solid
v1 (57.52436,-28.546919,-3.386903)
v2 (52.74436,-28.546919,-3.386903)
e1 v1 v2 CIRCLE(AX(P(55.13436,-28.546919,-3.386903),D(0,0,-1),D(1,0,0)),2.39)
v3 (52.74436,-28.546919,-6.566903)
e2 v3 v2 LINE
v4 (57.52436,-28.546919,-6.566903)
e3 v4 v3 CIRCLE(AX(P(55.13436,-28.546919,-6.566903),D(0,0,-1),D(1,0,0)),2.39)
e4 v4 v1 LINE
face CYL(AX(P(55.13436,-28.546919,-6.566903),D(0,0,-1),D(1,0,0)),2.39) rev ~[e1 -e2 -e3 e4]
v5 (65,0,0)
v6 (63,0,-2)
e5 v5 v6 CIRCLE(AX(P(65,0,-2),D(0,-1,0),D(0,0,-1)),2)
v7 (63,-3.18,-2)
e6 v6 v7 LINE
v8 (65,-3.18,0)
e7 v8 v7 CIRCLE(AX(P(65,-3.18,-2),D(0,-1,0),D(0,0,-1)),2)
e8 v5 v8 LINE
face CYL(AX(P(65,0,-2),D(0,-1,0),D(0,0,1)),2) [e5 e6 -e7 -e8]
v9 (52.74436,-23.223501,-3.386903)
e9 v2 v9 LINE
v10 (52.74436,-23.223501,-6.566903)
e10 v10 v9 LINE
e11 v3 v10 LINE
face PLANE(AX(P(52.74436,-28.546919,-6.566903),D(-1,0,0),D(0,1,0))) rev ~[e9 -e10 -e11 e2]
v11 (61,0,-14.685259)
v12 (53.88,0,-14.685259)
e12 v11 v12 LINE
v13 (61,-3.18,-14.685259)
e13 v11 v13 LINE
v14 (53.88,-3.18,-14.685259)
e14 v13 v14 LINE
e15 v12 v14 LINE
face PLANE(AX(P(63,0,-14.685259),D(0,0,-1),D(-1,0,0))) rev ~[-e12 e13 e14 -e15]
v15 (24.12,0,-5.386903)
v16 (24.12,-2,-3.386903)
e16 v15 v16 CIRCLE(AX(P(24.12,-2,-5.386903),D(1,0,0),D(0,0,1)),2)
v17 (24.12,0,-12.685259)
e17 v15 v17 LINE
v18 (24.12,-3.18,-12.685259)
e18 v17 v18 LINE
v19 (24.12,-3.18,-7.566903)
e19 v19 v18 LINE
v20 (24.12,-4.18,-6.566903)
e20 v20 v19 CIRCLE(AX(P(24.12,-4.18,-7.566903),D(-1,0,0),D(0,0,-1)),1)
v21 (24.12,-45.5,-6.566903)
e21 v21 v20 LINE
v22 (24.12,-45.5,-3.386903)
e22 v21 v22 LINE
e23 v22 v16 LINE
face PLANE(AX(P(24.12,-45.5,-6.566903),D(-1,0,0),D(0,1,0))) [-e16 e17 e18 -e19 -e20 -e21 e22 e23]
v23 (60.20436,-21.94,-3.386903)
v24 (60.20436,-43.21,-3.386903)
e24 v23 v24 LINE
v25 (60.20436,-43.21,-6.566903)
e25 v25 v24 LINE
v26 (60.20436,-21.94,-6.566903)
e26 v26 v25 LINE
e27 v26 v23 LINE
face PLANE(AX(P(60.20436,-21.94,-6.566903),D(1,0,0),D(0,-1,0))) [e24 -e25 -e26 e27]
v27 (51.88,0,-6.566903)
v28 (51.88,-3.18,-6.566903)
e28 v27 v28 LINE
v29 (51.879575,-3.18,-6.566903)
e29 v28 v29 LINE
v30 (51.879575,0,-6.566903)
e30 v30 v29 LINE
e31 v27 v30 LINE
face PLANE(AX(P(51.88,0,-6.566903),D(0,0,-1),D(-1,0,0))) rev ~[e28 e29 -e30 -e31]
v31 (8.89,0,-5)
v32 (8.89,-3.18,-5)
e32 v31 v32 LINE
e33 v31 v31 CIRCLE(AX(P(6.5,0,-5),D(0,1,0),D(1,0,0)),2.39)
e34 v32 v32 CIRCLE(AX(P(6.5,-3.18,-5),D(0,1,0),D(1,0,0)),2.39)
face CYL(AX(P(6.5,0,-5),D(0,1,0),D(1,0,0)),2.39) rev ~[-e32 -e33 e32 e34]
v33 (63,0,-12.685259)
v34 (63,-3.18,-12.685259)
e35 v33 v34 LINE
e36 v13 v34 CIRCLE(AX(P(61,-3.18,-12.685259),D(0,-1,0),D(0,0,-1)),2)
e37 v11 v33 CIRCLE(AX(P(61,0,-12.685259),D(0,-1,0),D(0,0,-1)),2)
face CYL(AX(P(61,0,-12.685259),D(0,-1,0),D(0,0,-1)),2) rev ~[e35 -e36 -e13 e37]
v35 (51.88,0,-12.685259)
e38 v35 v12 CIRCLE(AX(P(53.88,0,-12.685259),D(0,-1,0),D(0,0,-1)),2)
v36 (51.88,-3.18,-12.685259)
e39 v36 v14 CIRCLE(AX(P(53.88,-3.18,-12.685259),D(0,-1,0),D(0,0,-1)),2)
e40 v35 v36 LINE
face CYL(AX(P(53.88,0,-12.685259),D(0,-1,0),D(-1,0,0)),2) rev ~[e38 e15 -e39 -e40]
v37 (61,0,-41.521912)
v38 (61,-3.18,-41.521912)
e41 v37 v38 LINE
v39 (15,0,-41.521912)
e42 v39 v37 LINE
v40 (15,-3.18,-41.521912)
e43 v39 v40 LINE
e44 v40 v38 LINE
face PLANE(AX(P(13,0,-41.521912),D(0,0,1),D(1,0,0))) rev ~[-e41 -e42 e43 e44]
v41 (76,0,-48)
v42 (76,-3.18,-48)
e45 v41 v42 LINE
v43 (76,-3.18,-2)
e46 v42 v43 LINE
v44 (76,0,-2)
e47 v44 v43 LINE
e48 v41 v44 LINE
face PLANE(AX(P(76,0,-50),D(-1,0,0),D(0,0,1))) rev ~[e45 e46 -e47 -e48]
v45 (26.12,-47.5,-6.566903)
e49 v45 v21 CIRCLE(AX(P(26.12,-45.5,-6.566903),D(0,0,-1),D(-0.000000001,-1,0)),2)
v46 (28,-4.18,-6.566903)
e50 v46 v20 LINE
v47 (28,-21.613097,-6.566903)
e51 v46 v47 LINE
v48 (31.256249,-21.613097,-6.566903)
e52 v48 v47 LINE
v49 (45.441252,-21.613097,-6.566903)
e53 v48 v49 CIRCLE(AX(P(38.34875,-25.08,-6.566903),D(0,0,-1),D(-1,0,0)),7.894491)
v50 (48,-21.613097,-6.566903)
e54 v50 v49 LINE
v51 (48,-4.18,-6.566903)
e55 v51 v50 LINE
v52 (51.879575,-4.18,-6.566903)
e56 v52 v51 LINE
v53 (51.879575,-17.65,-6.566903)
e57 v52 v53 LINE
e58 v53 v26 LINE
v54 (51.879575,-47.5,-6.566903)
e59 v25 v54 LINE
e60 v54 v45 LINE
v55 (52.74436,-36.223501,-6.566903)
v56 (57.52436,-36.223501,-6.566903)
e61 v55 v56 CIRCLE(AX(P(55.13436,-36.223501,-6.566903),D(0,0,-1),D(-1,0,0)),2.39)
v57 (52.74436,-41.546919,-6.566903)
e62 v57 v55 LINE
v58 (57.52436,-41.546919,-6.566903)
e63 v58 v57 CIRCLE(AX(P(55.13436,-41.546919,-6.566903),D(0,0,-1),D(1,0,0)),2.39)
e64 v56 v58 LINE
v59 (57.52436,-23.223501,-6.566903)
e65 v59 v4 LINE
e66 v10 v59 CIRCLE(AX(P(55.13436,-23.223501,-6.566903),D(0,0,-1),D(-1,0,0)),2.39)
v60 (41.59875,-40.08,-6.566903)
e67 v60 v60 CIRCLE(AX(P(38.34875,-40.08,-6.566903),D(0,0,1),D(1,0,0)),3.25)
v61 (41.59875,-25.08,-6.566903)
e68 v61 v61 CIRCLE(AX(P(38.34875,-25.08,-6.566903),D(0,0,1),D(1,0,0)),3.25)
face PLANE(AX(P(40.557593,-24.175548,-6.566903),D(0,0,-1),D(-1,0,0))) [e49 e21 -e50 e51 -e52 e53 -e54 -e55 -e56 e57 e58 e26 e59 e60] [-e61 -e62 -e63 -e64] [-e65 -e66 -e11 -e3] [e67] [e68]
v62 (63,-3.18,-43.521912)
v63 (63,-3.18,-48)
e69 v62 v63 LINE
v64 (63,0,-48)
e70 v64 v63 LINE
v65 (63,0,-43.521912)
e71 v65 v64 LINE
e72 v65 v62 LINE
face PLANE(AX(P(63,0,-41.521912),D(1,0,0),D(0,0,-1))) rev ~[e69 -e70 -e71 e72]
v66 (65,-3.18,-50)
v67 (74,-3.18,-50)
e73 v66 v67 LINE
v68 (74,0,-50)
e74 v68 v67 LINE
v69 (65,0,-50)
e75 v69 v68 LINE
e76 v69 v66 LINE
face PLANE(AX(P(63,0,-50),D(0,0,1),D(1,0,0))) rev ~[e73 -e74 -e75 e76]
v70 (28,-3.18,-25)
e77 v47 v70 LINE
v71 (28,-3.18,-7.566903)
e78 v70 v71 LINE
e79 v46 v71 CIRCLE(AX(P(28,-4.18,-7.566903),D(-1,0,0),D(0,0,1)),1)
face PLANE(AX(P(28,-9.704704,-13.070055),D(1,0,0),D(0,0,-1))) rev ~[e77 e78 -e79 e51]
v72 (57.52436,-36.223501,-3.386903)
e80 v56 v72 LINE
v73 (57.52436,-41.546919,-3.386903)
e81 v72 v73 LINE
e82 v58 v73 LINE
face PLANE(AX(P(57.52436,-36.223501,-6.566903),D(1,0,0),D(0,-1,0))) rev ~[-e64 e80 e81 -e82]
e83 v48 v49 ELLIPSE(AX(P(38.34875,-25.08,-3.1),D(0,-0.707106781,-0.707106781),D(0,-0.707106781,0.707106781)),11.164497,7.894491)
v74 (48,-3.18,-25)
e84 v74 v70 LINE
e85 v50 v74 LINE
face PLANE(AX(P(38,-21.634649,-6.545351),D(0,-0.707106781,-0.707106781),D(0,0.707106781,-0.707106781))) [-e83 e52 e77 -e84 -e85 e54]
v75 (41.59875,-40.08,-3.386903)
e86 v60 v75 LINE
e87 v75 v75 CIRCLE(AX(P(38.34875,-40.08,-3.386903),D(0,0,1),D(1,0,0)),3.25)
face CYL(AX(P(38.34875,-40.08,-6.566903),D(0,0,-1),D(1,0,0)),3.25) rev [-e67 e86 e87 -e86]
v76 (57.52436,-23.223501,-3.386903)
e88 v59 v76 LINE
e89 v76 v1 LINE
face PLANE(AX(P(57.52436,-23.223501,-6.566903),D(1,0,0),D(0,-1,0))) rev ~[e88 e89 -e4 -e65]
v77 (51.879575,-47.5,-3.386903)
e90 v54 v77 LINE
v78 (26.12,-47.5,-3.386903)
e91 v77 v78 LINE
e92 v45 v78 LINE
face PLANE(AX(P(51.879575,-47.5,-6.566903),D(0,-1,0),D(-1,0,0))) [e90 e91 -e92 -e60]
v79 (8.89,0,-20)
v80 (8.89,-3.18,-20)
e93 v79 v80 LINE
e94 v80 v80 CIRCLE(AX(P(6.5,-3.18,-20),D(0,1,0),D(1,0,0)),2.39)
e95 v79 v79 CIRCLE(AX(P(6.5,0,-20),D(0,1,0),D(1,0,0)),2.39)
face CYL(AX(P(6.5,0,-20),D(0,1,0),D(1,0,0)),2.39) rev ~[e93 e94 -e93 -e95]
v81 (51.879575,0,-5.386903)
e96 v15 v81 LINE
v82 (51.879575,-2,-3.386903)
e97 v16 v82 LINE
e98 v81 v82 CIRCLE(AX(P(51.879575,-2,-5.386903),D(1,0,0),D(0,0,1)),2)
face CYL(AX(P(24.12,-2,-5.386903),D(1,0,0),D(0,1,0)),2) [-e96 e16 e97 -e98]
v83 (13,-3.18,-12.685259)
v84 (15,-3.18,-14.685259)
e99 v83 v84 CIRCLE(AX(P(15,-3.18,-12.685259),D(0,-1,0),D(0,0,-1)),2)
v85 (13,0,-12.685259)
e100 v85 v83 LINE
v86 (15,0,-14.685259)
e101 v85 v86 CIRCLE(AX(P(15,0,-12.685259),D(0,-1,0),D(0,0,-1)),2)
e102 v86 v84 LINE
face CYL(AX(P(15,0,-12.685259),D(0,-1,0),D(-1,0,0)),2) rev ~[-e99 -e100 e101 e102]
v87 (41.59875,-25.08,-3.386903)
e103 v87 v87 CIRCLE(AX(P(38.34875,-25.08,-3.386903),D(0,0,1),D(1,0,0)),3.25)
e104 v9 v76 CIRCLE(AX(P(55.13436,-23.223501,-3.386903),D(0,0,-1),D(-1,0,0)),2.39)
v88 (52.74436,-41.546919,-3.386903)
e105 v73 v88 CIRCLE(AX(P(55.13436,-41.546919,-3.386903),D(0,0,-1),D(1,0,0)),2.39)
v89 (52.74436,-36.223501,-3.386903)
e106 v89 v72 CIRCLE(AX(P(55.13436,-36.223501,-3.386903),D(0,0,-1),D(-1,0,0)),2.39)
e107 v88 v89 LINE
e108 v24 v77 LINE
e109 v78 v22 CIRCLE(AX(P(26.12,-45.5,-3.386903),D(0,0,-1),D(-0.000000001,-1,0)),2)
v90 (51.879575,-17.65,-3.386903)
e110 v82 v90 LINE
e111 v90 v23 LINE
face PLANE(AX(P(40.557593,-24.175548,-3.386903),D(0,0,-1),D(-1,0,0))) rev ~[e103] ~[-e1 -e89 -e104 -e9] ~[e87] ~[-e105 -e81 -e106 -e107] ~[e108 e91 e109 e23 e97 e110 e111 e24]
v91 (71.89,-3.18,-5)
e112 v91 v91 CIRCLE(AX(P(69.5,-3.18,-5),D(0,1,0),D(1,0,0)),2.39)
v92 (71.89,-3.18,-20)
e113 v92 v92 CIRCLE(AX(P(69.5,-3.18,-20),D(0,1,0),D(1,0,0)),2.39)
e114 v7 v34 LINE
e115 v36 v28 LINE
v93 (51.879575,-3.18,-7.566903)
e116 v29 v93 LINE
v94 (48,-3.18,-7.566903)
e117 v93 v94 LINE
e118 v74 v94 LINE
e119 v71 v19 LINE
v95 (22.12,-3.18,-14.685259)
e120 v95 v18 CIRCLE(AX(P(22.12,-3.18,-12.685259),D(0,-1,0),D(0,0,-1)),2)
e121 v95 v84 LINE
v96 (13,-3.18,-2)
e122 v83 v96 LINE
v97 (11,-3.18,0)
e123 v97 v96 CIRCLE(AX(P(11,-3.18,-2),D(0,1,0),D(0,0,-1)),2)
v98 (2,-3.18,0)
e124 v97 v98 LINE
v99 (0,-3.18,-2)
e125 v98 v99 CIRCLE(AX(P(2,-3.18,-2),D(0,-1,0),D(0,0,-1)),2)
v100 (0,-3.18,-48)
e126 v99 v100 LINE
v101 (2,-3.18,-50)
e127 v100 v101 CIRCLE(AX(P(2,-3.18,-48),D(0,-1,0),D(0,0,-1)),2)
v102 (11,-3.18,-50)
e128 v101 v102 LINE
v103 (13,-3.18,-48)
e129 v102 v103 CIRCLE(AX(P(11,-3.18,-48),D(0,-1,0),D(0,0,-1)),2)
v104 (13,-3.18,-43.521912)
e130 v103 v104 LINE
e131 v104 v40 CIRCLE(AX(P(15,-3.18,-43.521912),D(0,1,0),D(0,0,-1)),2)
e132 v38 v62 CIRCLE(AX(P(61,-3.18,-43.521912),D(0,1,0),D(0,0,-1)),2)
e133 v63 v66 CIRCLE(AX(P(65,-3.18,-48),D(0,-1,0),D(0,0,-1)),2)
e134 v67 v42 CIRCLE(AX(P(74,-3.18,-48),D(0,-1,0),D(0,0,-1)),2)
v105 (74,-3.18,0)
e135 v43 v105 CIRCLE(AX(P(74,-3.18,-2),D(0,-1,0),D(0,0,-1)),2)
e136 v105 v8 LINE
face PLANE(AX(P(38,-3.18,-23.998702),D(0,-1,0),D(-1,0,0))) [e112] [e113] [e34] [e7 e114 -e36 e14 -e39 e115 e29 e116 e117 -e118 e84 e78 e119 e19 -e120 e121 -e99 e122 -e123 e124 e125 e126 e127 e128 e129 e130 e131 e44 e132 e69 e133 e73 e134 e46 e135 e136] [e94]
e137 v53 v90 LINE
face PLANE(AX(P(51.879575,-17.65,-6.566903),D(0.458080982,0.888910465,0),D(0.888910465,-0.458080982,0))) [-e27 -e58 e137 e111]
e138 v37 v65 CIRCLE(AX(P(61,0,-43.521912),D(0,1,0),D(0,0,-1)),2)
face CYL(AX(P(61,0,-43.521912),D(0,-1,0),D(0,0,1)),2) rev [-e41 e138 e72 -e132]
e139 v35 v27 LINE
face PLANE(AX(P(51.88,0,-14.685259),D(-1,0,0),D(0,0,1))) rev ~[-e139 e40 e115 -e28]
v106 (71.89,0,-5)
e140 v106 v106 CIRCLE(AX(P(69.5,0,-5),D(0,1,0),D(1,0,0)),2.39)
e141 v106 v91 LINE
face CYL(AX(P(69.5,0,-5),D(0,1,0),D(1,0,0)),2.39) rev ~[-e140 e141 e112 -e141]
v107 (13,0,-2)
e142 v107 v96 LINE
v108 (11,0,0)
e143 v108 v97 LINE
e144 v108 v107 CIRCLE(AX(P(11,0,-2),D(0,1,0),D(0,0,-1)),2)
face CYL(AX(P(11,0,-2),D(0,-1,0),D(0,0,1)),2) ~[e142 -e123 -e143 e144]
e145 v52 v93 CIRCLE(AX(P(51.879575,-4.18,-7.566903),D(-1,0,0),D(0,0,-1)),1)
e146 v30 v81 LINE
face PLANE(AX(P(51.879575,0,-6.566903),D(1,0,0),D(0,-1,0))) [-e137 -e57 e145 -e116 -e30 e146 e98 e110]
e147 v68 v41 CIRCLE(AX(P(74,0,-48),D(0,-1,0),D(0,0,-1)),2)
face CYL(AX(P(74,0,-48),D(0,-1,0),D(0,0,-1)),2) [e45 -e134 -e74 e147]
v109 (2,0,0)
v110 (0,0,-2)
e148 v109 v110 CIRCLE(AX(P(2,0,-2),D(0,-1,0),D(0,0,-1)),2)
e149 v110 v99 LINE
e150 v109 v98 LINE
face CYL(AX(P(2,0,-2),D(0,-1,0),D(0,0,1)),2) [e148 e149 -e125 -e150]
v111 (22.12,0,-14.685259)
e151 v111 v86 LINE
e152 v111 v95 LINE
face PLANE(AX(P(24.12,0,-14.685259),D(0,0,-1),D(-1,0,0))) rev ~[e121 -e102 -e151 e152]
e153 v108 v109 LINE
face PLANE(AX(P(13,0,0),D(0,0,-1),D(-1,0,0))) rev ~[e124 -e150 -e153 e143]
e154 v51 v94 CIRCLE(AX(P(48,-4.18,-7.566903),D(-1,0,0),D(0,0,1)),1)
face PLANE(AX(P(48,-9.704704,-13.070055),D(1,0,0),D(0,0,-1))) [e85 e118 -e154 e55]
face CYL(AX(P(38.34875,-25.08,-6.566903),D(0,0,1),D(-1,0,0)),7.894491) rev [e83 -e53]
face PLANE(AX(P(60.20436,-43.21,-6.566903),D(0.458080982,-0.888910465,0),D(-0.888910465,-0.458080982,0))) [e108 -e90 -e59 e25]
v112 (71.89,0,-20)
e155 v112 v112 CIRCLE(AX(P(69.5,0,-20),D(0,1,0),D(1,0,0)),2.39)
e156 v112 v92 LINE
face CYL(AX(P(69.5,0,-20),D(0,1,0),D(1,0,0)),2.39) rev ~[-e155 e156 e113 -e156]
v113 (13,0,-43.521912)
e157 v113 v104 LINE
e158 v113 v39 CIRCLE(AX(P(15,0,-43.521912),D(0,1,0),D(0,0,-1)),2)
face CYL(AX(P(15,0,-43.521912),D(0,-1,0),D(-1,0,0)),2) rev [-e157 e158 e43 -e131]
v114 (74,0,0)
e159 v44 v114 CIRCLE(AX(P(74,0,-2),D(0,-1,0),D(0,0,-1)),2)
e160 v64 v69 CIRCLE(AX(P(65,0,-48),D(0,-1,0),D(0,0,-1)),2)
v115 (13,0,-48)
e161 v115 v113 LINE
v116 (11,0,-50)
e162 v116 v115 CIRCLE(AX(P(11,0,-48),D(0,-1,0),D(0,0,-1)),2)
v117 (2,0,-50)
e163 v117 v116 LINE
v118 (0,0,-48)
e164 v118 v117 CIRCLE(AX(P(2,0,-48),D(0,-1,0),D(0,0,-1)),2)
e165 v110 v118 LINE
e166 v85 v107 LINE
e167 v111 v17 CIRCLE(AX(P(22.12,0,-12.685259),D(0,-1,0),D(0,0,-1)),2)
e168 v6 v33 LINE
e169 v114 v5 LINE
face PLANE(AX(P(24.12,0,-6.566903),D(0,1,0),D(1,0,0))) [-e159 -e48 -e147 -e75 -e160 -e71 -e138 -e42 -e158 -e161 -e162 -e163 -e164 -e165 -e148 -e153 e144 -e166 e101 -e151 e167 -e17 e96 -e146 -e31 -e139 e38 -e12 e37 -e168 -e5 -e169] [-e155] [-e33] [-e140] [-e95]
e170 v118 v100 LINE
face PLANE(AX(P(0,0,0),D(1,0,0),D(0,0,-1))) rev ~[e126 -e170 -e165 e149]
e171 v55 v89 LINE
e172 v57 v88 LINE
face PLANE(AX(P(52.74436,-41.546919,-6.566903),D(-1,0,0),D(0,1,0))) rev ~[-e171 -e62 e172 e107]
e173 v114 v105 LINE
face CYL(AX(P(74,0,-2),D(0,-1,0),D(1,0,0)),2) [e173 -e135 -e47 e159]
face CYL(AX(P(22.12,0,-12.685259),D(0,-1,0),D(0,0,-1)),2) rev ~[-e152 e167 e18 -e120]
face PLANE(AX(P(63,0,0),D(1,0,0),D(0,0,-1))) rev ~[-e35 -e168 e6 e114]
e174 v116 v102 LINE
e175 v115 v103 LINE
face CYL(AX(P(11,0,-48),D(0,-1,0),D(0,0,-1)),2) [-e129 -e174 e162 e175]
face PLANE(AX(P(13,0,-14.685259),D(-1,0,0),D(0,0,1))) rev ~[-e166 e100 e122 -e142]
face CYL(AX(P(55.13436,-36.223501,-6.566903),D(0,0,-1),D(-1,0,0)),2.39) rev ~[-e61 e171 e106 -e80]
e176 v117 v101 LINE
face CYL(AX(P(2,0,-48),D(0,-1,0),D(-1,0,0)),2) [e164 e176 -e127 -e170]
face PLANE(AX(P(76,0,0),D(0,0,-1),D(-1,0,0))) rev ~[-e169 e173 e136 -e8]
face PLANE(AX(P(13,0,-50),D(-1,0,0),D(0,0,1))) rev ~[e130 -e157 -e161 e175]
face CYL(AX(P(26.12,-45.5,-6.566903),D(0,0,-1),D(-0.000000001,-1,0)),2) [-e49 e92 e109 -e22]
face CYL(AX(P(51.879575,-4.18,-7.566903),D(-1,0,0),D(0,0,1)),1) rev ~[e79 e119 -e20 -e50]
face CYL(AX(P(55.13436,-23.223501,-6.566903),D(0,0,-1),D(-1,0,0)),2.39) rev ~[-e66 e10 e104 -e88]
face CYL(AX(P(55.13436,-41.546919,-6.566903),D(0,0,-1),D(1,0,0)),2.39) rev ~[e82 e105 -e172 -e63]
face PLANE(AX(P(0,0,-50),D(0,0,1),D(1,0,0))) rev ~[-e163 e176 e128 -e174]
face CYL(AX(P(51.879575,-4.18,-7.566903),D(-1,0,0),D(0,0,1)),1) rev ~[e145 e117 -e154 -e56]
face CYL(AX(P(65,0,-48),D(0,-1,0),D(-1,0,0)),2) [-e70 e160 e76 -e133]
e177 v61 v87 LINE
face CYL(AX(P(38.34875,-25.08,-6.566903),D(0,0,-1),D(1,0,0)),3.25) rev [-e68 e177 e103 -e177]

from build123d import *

# Parameters (mm, degrees)
BOSS_EXTRUDE2_DEPTH = 3.18
SKETCH8_R           = 3.25
BOSS_EXTRUDE3_DEPTH = 3.18
FILLET4_R           = 2
FILLET5_R           = 1
SKETCH9_R           = 2.39
CUT_EXTRUDE1_DEPTH  = 3.18
FILLET6_R           = 2
FILLET7_R           = 2
FILLET8_R           = 2
BOSS_EXTRUDE6_DEPTH = 10
SKETCH12_R          = 7.894491475
CUT_EXTRUDE2_DEPTH  = 20


with BuildPart() as part:
    # Sketch1 → Boss-Extrude2 (new body)
    with BuildSketch(Plane(origin=(0, 0, 0), x_dir=(1, 0, 0), z_dir=(0, 1, 0))):
        Polygon((0, 0), (0, 50), (13, 50), (13, 41.521912351), (63, 41.521912351), (63, 50), (76, 50), (76, 0), (63, 0), (63, 14.685258964), (51.88, 14.685258964), (51.88, 6.566903426), (24.12, 6.566903426), (24.12, 14.685258964), (13, 14.685258964), (13, 0), align=None)
    extrude(amount=-BOSS_EXTRUDE2_DEPTH)

    # Sketch8 → Boss-Extrude3 (add)
    with BuildSketch(Plane.XY.offset(-6.566903426)):
        with BuildLine():
            Line((24.12, -45.5), (24.12, -20.153398116))
            Line((24.12, -20.153398116), (24.12, 0))
            Line((24.12, 0), (51.879574545, 0))
            Line((51.879574545, 0), (51.879574545, -17.65))
            Line((51.879574545, -17.65), (60.204359999, -21.94))
            Line((60.204359999, -21.94), (60.204359999, -43.21))
            Line((60.204359999, -43.21), (51.879574545, -47.5))
            Line((51.879574545, -47.5), (26.12, -47.5))
            ThreePointArc((26.12, -47.5), (24.705786438, -46.914213562), (24.12, -45.5))
        make_face()
        with Locations((38.348750497, -25.08)):
            Circle(SKETCH8_R, mode=Mode.SUBTRACT)
        with Locations((38.348750497, -40.08)):
            Circle(SKETCH8_R, mode=Mode.SUBTRACT)
        with BuildLine():
            Line((57.524359999, -23.223501404), (57.524359999, -28.546918648))
            ThreePointArc((57.524359999, -28.546918648), (55.134359999, -30.936918648), (52.744359999, -28.546918648))
            Line((52.744359999, -28.546918648), (52.744359999, -23.223501404))
            ThreePointArc((52.744359999, -23.223501404), (55.134359999, -20.833501404), (57.524359999, -23.223501404))
        make_face(mode=Mode.SUBTRACT)
        with BuildLine():
            Line((57.524359999, -36.223501404), (57.524359999, -41.546918648))
            ThreePointArc((57.524359999, -41.546918648), (55.134359999, -43.936918648), (52.744359999, -41.546918648))
            Line((52.744359999, -41.546918648), (52.744359999, -36.223501404))
            ThreePointArc((52.744359999, -36.223501404), (55.134359999, -33.833501404), (57.524359999, -36.223501404))
        make_face(mode=Mode.SUBTRACT)
    extrude(amount=BOSS_EXTRUDE3_DEPTH)

    # Fillet4
    fillet4_edges = [part.edges().sort_by_distance(p)[0] for p in [
        (37.999787272, 0, -3.386903426),
    ]]
    fillet(fillet4_edges, radius=FILLET4_R)

    # Fillet5
    fillet5_edges = [part.edges().sort_by_distance(p)[0] for p in [
        (37.999787272, -3.18, -6.566903426),
    ]]
    fillet(fillet5_edges, radius=FILLET5_R)

    # Sketch9 → Cut-Extrude1 (cut)
    with BuildSketch(Plane(origin=(0, 0, 0), x_dir=(1, 0, 0), z_dir=(0, 1, 0))):
        with Locations((6.5, 5)):
            Circle(SKETCH9_R)
        with Locations((6.5, 20)):
            Circle(SKETCH9_R)
        with Locations((69.5, 20)):
            Circle(SKETCH9_R)
        with Locations((69.5, 5)):
            Circle(SKETCH9_R)
    extrude(amount=-CUT_EXTRUDE1_DEPTH, mode=Mode.SUBTRACT)

    # Fillet6
    fillet6_edges = [part.edges().sort_by_distance(p)[0] for p in [
        (0, -1.59, 0),
    ]]
    fillet(fillet6_edges, radius=FILLET6_R)

    # Fillet7
    fillet7_edges = [part.edges().sort_by_distance(p)[0] for p in [
        (13, -1.59, 0),
    ]]
    fillet(fillet7_edges, radius=FILLET7_R)

    # Fillet8
    fillet8_edges = [part.edges().sort_by_distance(p)[0] for p in [
        (0, -1.59, -50),
        (13, -1.59, -50),
        (13, -1.59, -41.521912351),
        (63, -1.59, -41.521912351),
        (63, -1.59, -50),
        (76, -1.59, -50),
        (76, -1.59, 0),
        (63, -1.59, 0),
        (63, -1.59, -14.685258964),
        (51.88, -1.59, -14.685258964),
        (24.12, -1.59, -14.685258964),
        (13, -1.59, -14.685258964),
    ]]
    fillet(fillet8_edges, radius=FILLET8_R)

    # Sketch11 → Boss-Extrude6 (add, symmetric)
    with BuildSketch(Plane(origin=(38, 0, 0), x_dir=(0, 0, -1), z_dir=(1, 0, 0))):
        Polygon((25, -3.18), (6.54535076, -3.18), (6.54535076, -21.63464924), align=None)
    extrude(amount=BOSS_EXTRUDE6_DEPTH, both=True)

    # Sketch12 → Cut-Extrude2 (cut)
    with BuildSketch(Plane(origin=(0, 0, -6.566903426), x_dir=(-1, 0, 0), z_dir=(0, 0, -1))):
        with Locations((-38.348750497, -25.08)):
            Circle(SKETCH12_R)
    extrude(amount=CUT_EXTRUDE2_DEPTH, mode=Mode.SUBTRACT)


solid = part.part
